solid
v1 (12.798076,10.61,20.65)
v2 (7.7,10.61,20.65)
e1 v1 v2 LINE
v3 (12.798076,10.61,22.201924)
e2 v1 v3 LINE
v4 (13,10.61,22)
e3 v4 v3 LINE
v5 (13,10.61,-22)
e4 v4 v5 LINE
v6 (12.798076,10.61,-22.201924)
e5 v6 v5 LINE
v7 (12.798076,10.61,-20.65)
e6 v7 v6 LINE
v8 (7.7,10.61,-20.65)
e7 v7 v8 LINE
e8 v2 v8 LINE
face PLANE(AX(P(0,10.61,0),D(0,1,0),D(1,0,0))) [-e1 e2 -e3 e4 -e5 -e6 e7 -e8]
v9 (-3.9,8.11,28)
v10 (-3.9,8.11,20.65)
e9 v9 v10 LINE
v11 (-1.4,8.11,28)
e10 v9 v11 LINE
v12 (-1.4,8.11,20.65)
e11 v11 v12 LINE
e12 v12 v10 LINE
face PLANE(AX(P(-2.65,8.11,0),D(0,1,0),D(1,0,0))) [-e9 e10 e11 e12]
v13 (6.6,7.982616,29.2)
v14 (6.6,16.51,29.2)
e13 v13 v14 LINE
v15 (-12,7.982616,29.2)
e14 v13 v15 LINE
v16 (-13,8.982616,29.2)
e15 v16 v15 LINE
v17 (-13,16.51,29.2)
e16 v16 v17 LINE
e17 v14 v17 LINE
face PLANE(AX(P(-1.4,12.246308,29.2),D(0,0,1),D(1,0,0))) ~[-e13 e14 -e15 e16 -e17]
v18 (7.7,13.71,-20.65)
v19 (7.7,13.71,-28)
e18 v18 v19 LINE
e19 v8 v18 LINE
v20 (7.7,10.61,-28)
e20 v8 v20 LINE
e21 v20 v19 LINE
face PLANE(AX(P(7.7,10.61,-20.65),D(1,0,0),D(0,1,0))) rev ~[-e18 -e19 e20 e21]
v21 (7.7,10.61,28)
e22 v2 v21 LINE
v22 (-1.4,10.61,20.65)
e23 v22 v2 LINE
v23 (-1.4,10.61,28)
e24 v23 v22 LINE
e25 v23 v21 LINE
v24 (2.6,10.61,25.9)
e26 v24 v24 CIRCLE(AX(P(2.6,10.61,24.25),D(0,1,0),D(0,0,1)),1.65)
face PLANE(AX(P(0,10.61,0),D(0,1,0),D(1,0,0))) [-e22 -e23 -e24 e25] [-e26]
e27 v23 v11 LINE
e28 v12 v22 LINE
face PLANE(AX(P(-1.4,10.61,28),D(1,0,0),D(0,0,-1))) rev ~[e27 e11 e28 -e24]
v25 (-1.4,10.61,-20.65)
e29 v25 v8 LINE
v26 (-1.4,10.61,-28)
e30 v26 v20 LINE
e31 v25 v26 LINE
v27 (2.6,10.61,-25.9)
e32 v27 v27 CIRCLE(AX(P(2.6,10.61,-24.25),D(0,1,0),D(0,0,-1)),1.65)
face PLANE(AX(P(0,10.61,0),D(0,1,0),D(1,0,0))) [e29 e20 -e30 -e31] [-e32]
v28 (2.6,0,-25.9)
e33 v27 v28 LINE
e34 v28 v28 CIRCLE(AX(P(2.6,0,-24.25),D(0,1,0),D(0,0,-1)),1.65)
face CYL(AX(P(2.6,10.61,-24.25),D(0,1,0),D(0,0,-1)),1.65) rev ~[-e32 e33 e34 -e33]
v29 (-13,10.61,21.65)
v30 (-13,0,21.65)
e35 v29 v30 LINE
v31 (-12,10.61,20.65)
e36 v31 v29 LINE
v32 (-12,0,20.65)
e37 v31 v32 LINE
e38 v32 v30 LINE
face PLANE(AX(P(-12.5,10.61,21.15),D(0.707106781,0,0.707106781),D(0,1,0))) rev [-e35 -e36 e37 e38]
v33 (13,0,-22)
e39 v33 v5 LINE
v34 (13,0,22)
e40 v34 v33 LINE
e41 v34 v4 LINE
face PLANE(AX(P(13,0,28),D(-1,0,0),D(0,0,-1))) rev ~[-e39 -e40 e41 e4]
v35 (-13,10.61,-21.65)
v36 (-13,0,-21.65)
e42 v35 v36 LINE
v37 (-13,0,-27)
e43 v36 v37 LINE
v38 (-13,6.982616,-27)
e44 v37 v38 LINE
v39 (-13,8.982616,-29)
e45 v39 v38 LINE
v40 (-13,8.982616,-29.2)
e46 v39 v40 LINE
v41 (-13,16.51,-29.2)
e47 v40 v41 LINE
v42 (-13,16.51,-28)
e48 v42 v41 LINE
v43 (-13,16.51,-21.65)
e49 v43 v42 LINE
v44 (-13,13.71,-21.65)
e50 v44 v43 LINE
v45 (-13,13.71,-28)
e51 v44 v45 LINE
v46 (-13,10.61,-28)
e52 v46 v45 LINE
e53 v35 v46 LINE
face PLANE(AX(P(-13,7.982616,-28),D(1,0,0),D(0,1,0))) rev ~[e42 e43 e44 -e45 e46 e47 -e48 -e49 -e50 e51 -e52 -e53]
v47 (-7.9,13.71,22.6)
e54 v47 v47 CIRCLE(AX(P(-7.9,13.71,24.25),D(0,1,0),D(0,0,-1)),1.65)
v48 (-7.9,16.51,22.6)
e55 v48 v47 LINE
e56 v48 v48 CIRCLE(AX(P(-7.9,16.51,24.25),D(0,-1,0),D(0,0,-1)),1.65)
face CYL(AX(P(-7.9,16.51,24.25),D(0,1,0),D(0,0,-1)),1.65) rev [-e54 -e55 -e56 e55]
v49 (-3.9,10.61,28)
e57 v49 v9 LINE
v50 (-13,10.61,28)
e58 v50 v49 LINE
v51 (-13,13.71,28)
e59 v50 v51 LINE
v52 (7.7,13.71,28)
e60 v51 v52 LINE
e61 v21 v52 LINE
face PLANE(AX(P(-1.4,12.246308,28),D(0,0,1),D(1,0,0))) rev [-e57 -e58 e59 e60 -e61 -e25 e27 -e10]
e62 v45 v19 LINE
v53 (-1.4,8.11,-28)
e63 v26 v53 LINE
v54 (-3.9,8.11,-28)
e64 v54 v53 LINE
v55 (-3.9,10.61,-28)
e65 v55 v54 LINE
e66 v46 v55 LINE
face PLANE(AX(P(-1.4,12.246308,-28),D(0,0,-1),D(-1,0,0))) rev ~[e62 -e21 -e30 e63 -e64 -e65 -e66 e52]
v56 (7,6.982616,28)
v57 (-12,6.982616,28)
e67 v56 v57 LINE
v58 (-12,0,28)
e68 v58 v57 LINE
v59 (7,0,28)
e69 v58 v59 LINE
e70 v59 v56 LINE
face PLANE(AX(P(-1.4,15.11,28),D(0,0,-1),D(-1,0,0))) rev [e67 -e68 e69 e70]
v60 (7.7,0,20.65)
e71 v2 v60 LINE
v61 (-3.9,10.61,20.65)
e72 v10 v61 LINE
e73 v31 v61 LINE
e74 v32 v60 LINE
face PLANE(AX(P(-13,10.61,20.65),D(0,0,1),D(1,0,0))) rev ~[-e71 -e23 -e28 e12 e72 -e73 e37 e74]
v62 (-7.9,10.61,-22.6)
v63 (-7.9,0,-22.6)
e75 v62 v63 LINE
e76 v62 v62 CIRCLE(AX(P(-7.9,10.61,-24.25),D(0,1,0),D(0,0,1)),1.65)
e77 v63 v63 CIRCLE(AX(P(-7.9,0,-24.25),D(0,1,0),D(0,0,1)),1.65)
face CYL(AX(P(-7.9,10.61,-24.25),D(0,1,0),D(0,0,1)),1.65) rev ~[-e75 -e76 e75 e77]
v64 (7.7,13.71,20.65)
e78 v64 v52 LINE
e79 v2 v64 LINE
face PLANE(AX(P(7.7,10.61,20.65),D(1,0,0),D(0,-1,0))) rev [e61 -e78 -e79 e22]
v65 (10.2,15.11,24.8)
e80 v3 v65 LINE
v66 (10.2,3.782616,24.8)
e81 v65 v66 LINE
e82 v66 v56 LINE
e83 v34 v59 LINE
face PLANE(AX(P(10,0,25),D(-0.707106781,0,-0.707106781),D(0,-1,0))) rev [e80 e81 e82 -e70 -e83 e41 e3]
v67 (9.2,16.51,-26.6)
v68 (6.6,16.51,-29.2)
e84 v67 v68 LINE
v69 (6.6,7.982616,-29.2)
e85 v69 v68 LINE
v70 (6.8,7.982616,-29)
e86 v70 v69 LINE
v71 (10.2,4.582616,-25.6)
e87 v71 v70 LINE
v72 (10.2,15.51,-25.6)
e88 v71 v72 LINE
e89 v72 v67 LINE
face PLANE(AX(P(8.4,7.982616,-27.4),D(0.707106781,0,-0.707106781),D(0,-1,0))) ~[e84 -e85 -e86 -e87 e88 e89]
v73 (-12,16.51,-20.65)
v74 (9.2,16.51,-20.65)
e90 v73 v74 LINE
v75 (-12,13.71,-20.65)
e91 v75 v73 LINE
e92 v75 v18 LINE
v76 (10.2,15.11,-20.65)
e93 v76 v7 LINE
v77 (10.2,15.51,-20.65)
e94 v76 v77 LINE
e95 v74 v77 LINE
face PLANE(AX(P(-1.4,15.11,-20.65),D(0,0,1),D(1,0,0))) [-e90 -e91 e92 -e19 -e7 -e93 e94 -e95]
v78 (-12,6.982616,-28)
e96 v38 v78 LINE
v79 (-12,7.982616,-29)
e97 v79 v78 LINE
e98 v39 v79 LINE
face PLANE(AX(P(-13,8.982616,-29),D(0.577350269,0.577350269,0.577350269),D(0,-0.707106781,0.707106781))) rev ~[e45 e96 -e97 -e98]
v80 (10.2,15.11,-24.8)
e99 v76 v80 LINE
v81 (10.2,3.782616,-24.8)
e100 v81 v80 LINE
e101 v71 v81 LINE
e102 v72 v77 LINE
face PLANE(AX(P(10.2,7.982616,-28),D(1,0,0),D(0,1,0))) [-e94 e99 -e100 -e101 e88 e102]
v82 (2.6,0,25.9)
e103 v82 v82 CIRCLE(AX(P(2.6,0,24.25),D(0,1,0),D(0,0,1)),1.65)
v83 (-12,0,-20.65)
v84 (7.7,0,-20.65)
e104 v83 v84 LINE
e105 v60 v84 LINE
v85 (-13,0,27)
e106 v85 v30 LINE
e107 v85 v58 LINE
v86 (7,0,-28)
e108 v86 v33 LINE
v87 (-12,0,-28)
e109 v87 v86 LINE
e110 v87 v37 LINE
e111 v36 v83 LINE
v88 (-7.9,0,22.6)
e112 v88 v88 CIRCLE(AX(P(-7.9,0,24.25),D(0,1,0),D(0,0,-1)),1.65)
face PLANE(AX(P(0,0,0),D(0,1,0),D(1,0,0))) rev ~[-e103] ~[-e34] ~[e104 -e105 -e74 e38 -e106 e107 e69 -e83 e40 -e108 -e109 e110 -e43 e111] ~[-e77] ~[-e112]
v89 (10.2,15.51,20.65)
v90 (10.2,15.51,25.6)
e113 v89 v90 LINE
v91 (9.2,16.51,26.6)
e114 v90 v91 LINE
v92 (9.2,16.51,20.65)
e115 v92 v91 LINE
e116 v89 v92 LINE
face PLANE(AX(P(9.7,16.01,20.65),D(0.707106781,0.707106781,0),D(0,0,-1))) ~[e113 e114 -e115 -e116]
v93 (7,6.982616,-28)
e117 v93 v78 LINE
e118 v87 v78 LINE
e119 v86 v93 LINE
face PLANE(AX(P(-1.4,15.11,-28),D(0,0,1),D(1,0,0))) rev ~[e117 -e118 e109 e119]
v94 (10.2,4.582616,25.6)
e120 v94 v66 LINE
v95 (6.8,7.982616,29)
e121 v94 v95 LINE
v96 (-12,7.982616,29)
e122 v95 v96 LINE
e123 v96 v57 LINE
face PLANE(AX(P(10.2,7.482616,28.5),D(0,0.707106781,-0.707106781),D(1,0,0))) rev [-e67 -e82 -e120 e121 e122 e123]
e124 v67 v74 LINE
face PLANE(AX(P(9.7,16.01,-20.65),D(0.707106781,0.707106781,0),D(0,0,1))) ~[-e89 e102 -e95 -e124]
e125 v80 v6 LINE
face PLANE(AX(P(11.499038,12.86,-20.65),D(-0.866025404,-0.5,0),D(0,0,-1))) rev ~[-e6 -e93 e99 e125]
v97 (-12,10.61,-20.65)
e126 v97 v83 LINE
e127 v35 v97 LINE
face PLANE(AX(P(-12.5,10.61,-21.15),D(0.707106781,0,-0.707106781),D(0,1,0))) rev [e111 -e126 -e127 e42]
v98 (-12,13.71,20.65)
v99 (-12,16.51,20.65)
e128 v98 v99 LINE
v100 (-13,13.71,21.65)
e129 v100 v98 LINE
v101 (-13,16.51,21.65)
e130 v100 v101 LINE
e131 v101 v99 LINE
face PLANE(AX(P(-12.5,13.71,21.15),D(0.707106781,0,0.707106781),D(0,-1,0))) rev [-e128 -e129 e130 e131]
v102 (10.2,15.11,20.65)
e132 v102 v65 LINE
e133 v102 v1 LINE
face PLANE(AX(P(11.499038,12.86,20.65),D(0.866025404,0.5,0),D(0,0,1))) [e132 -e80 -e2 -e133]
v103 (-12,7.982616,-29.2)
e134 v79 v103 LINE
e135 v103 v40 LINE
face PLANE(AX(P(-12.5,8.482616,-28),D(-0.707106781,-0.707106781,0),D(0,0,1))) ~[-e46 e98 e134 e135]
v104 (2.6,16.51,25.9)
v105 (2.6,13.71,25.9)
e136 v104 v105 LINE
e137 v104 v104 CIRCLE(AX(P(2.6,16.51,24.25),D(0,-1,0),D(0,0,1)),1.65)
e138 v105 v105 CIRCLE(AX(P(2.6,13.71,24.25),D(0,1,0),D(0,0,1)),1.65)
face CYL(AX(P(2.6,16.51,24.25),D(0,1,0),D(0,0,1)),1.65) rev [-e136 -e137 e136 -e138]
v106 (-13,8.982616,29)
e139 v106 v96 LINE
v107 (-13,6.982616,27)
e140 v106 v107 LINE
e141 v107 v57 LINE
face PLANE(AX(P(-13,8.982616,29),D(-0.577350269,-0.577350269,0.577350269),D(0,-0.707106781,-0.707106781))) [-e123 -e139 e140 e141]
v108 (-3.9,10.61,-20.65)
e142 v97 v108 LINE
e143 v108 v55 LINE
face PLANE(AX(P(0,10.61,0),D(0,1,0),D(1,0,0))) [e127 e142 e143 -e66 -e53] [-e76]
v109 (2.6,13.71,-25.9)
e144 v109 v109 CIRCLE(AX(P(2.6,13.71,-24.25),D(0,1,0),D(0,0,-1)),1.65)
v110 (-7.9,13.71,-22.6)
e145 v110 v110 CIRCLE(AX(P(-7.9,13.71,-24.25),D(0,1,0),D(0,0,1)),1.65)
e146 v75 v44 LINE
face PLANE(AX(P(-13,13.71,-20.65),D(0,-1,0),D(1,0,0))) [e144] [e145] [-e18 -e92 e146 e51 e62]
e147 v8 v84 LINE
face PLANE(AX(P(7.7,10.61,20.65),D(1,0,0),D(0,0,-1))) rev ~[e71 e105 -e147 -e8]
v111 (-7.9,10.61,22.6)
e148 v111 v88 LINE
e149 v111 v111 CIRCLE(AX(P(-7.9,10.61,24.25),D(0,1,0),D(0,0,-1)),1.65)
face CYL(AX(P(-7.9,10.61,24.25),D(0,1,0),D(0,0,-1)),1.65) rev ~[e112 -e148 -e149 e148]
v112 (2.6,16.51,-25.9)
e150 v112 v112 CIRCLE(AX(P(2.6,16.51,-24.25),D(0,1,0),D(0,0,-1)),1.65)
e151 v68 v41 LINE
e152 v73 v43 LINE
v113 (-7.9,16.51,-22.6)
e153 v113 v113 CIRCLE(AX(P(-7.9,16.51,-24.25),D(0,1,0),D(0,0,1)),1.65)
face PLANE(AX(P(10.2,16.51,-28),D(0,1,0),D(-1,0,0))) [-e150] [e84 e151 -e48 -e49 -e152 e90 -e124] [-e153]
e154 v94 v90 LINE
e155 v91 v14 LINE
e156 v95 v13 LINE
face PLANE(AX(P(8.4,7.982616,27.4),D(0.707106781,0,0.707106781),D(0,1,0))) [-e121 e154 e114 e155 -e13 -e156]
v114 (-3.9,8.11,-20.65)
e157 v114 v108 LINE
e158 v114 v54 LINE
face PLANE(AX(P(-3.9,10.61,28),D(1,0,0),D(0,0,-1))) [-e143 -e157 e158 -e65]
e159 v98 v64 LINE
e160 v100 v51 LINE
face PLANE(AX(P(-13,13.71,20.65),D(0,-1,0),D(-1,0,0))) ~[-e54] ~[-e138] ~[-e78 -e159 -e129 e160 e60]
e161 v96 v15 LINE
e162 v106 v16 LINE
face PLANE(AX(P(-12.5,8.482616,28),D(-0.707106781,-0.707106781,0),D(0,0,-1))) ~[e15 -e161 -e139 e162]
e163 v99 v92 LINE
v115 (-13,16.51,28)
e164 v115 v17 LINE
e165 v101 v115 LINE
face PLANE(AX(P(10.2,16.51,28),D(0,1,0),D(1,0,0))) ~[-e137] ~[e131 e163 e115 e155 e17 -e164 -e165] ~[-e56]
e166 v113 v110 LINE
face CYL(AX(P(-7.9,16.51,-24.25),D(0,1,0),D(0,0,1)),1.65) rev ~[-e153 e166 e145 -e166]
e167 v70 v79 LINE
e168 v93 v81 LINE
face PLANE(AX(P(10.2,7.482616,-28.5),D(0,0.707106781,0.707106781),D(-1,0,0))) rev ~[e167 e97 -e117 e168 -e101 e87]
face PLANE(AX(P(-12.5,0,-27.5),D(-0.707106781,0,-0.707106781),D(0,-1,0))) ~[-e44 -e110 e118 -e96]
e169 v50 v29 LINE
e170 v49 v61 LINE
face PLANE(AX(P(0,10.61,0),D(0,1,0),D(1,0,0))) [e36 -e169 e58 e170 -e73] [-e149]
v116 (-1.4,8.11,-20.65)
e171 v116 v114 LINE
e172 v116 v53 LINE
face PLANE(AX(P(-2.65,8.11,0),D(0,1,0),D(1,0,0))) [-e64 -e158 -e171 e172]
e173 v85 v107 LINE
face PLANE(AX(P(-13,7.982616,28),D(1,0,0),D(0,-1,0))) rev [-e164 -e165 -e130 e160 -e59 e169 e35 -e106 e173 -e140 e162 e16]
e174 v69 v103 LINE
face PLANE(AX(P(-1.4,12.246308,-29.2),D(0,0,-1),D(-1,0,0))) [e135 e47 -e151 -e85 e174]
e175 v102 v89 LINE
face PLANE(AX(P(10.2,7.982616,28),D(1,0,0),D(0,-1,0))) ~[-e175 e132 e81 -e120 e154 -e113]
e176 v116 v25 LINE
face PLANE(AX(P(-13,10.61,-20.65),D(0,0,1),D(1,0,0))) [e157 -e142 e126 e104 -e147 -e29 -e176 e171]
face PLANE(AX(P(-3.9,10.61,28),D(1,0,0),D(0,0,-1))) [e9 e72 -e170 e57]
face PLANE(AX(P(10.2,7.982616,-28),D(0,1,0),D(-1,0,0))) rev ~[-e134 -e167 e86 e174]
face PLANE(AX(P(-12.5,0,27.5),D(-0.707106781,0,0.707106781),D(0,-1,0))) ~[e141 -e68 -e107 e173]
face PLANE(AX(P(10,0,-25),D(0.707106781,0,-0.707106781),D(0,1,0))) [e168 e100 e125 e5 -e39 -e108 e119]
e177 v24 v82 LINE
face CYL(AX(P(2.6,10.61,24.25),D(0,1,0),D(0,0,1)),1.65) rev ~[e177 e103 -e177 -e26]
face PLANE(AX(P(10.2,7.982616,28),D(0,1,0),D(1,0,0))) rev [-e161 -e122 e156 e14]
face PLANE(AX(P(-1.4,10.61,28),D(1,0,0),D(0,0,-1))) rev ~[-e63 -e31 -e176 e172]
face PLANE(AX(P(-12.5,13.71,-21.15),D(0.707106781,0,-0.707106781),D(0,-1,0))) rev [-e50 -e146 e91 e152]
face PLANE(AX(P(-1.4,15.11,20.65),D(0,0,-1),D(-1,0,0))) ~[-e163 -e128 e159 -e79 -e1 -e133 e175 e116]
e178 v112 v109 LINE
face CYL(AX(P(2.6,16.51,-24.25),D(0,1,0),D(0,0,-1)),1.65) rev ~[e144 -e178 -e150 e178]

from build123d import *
from OCP.BRepFilletAPI import BRepFilletAPI_MakeChamfer

# Parameters (mm, degrees)
SKETCH_1_W          = 26
SKETCH_1_H          = 56
EXTRUDE_1_DEPTH     = 10.61
SKETCH_2_R          = 1.65
SKETCH_2_W          = 20.7
SKETCH_2_H          = 41.3
CUT_EXTRUDE_1_DEPTH = 33.643101875
SKETCH_3_W          = 2.5
SKETCH_3_H          = 56
CUT_EXTRUDE_2_DEPTH = 2.5
SKETCH_4_W          = 23.2
SKETCH_4_H          = 2.8
SKETCH_4_W_2        = 2.5
SKETCH_4_H_2        = 3.1
EXTRUDE_2_DEPTH     = 7.35
SKETCH_5_W          = 23.2
SKETCH_5_H          = 8.527384077
EXTRUDE_5_DEPTH     = 1.2
SKETCH_6_R          = 1.65
CUT_EXTRUDE_3_DEPTH = 36.975270673
CHAMFER_1_SIZE      = 4.5
CHAMFER_1_SIZE2     = 2.598076211
CHAMFER_2_SIZE      = 1
CHAMFER_3_SIZE      = 6
CHAMFER_6_SIZE      = 3.6


with BuildPart() as part:
    # 草图1 → 凸台-拉伸1 (new body)
    with BuildSketch(Plane(origin=(0, 0, 0), x_dir=(1, 0, 0), z_dir=(0, 1, 0))):
        Rectangle(SKETCH_1_W, SKETCH_1_H)
    extrude(amount=EXTRUDE_1_DEPTH)

    # 草图2 → 切除-拉伸1 (cut, through all)
    with BuildSketch(Plane(origin=(0, 10.61, 0), x_dir=(1, 0, 0), z_dir=(0, 1, 0))):
        with Locations(Location((-7.9, 24.25, 0), (0, 0, 270))):
            Circle(SKETCH_2_R)
        with Locations(Location((2.6, 24.25, 0), (0, 0, 90))):
            Circle(SKETCH_2_R)
        with Locations(Location((2.6, -24.25, 0), (0, 0, 270))):
            Circle(SKETCH_2_R)
        with Locations(Location((-7.9, -24.25, 0), (0, 0, 90))):
            Circle(SKETCH_2_R)
        with Locations((-2.65, 0)):
            Rectangle(SKETCH_2_W, SKETCH_2_H)
    extrude(amount=-CUT_EXTRUDE_1_DEPTH, mode=Mode.SUBTRACT)

    # 草图3 → 切除-拉伸2 (cut)
    with BuildSketch(Plane(origin=(0, 10.61, 0), x_dir=(1, 0, 0), z_dir=(0, 1, 0))):
        with Locations((-2.65, 0)):
            Rectangle(SKETCH_3_W, SKETCH_3_H)
    extrude(amount=-CUT_EXTRUDE_2_DEPTH, mode=Mode.SUBTRACT)

    # 草图4 → 凸台-拉伸2 (add)
    with BuildSketch(Plane.XY.offset(-20.65)):
        with Locations((-1.4, 15.11)):
            Rectangle(SKETCH_4_W, SKETCH_4_H)
        with Locations((8.95, 12.16)):
            Rectangle(SKETCH_4_W_2, SKETCH_4_H_2)
    extrude_2 = extrude(amount=-EXTRUDE_2_DEPTH)

    # 草图5 → 凸台-拉伸5 (add)
    with BuildSketch(Plane(origin=(0, 0, -28), x_dir=(-1, 0, 0), z_dir=(0, 0, -1))):
        with Locations((1.4, 12.246307962)):
            Rectangle(SKETCH_5_W, SKETCH_5_H)
    extrude_5 = extrude(amount=EXTRUDE_5_DEPTH)

    # 草图6 → 切除-拉伸3 (cut, through all)
    with BuildSketch(Plane(origin=(0, 16.51, 0), x_dir=(1, 0, 0), z_dir=(0, 1, 0))):
        with Locations(Location((2.6, 24.25, 0), (0, 0, 90))):
            Circle(SKETCH_6_R)
        with Locations(Location((-7.9, 24.25, 0), (0, 0, 270))):
            Circle(SKETCH_6_R)
    cut_extrude_3 = extrude(amount=-CUT_EXTRUDE_3_DEPTH, mode=Mode.SUBTRACT)

    # 镜向2: 凸台-拉伸2, 凸台-拉伸5, 切除-拉伸3 across plane
    add(extrude_2.mirror(Plane.XY))
    add(extrude_5.mirror(Plane.XY))
    add(cut_extrude_3.mirror(Plane.XY), mode=Mode.SUBTRACT)

    # 倒角1: one chamfer whose edges measure the first distance from different faces: ONE call of the kernel's chamfer builder (chamfer() names one face for all edges)
    chamfer_1_edges_1 = [part.edges().sort_by_distance(p)[0] for p in [
        (10.2, 10.61, 24.325),
    ]]
    chamfer_1_side_1 = [part.faces().sort_by_distance(p)[0] for p in [
        (10.2, 13.309190963, 25.141179594),
    ]]
    chamfer_1_edges_2 = [part.edges().sort_by_distance(p)[0] for p in [
        (10.2, 10.61, -24.325),
    ]]
    chamfer_1_side_2 = [part.faces().sort_by_distance(p)[0] for p in [
        (10.2, 13.309190963, -25.141179594),
    ]]
    chamfer_1 = BRepFilletAPI_MakeChamfer(part.part.solid().wrapped)
    for e in chamfer_1_edges_1:
        chamfer_1.Add(CHAMFER_1_SIZE, CHAMFER_1_SIZE2, e.wrapped, chamfer_1_side_1[0].wrapped)  # the first distance lies on this face
    for e in chamfer_1_edges_2:
        chamfer_1.Add(CHAMFER_1_SIZE, CHAMFER_1_SIZE2, e.wrapped, chamfer_1_side_2[0].wrapped)  # the first distance lies on this face
    add(Compound.cast(chamfer_1.Shape()), mode=Mode.REPLACE)

    # 倒角2
    chamfer_2_edges = [part.edges().sort_by_distance(p)[0] for p in [
        (-13, 3.991307961, -28),
        (-1.4, 7.982615923, -28),
        (-13, 7.982615923, -28.6),
        (10.2, 16.51, 24.925),
        (-13, 15.11, 20.65),
        (-13, 3.991307961, 28),
        (-1.4, 7.982615923, 28),
        (-13, 7.982615923, 28.6),
        (-13, 5.305, 20.65),
        (-13, 5.305, -20.65),
        (10.2, 16.51, -24.925),
        (-13, 15.11, -20.65),
    ]]
    chamfer(chamfer_2_edges, length=CHAMFER_2_SIZE)

    # 倒角3
    chamfer_3_edges = [part.edges().sort_by_distance(p)[0] for p in [
        (13, 5.305, 28),
        (13, 5.305, -28),
    ]]
    chamfer(chamfer_3_edges, length=CHAMFER_3_SIZE)

    # 倒角6
    chamfer_6_edges = [part.edges().sort_by_distance(p)[0] for p in [
        (10.2, 11.746307961, 29.2),
        (10.2, 11.746307961, -29.2),
    ]]
    chamfer(chamfer_6_edges, length=CHAMFER_6_SIZE)


solid = part.part
